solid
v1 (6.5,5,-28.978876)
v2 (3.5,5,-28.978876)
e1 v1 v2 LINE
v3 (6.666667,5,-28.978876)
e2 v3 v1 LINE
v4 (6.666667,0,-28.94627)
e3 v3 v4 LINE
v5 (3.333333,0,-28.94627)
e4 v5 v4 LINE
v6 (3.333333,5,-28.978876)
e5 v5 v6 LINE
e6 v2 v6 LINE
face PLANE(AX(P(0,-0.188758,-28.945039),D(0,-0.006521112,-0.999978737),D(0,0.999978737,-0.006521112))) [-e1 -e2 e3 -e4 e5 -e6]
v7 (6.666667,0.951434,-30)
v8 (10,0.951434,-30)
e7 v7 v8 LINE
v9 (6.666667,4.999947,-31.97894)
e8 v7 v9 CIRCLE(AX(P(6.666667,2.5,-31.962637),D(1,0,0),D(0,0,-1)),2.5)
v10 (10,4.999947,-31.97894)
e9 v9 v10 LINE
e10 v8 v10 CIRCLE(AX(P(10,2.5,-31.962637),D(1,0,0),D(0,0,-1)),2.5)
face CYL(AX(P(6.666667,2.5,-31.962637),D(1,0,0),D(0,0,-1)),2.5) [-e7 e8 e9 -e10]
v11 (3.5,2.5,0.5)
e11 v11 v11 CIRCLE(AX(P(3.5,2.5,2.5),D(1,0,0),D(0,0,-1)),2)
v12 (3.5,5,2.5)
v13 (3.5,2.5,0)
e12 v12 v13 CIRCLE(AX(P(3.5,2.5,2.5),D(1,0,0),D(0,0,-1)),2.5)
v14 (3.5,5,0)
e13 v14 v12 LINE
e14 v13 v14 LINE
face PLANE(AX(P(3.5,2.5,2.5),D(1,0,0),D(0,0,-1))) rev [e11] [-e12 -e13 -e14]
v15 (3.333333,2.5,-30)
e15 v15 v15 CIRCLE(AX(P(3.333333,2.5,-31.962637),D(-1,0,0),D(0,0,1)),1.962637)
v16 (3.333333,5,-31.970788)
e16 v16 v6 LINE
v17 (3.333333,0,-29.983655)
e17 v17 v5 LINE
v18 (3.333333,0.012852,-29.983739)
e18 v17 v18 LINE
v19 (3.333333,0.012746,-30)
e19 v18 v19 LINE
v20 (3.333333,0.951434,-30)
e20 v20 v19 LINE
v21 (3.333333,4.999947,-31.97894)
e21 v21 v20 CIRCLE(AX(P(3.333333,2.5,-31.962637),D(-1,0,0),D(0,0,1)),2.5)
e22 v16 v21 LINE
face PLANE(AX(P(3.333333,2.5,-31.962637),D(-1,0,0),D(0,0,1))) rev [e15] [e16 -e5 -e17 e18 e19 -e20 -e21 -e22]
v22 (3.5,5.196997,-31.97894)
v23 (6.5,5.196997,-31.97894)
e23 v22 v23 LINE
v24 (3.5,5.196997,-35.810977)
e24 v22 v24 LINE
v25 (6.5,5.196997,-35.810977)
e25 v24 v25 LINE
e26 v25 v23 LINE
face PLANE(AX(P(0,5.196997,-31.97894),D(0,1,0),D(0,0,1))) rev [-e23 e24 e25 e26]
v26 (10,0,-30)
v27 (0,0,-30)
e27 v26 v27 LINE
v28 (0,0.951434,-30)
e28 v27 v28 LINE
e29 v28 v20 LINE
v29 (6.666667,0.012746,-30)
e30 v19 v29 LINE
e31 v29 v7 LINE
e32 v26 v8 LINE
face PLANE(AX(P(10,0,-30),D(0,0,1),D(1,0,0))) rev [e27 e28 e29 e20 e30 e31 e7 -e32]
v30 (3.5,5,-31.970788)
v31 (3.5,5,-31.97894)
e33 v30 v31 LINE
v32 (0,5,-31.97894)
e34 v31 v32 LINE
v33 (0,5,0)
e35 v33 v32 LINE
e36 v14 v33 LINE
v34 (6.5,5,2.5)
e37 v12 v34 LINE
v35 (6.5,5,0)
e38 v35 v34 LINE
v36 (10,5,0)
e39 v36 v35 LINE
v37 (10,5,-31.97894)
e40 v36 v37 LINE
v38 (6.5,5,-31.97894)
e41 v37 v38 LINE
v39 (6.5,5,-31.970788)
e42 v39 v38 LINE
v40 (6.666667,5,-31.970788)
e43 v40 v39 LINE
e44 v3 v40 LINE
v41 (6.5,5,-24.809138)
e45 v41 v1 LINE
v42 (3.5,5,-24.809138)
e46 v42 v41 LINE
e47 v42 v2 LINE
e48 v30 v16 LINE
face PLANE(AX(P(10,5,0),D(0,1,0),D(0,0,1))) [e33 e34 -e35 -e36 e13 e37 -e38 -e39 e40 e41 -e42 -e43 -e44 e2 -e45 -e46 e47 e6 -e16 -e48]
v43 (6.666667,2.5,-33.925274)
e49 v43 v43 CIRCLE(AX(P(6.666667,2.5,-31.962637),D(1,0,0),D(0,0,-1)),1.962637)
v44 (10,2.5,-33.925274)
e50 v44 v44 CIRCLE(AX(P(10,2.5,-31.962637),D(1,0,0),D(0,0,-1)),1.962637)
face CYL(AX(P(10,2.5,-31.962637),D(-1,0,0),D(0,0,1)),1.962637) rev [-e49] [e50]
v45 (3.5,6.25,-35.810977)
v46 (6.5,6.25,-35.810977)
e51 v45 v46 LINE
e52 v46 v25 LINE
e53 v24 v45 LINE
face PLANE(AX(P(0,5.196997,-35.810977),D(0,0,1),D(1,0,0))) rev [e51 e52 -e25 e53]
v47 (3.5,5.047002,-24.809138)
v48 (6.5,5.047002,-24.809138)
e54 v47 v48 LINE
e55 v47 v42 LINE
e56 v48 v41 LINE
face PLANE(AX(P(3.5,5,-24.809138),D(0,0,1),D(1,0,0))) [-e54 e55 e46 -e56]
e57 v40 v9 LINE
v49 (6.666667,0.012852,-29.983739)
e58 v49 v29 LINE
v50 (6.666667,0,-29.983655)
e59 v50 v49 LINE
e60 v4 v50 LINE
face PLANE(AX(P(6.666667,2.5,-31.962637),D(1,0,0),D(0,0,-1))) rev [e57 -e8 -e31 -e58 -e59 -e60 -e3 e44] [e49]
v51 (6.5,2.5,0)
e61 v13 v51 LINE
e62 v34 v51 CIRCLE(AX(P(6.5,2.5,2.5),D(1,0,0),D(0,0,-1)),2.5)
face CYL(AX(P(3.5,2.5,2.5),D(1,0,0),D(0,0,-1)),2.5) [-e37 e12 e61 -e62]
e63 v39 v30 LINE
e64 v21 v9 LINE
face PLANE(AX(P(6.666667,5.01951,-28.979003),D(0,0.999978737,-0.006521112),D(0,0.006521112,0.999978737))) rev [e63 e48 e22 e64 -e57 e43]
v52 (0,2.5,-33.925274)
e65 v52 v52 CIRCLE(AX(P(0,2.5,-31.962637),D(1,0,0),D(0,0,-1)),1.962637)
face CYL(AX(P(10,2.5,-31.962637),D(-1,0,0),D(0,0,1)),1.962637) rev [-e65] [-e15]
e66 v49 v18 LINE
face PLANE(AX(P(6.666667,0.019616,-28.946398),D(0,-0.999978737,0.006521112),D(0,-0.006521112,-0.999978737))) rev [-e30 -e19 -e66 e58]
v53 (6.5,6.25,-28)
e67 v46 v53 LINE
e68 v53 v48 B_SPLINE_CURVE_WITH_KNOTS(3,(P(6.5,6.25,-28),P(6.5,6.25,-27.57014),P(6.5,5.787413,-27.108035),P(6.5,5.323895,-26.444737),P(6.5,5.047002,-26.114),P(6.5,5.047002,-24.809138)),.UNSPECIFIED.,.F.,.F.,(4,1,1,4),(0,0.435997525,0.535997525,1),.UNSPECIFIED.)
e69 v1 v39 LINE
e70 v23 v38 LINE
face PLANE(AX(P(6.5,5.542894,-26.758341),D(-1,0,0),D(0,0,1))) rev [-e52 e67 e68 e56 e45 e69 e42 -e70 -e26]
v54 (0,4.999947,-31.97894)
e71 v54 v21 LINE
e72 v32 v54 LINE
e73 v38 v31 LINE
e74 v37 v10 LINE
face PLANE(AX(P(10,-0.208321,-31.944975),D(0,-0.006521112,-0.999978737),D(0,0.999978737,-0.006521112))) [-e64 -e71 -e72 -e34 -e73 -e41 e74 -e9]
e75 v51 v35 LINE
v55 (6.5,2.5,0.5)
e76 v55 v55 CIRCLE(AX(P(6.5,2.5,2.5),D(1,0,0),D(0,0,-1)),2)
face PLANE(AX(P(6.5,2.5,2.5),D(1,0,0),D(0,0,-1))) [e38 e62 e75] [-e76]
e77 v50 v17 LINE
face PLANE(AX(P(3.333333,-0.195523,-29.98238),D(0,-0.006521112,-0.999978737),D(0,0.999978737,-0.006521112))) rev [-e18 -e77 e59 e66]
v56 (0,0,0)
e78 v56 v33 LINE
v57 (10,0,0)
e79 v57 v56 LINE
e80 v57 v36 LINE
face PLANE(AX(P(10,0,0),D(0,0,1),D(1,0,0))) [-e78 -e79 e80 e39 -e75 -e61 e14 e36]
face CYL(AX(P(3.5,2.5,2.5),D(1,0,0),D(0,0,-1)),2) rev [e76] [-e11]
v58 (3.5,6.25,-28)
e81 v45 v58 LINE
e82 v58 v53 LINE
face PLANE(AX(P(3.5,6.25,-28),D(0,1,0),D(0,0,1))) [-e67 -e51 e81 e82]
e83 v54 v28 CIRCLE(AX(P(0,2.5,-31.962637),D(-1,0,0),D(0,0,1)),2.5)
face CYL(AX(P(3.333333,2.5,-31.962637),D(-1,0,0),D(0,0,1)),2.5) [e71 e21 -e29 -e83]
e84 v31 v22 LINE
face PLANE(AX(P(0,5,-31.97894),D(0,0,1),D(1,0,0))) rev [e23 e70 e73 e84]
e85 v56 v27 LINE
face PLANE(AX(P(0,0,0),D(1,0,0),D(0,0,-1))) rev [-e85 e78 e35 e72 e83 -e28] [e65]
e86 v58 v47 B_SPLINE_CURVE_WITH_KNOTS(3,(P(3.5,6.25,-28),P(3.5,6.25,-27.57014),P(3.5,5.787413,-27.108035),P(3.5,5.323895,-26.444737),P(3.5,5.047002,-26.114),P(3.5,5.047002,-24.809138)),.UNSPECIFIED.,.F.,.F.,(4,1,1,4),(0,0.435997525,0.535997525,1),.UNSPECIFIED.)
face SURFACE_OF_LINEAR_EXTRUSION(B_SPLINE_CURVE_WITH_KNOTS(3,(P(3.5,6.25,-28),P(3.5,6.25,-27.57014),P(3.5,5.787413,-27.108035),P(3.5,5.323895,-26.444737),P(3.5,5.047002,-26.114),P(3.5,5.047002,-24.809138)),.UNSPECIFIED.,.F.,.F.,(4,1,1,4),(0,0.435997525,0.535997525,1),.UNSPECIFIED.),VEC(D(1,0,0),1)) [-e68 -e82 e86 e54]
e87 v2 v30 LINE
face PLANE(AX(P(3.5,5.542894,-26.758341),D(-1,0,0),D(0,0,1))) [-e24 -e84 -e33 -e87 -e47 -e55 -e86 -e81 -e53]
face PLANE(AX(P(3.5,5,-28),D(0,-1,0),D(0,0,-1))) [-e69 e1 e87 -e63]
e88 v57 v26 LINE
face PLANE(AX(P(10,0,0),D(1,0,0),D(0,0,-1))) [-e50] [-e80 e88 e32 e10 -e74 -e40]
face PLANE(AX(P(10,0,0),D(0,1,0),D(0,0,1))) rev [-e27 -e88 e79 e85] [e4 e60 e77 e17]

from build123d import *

# Parameters (mm, degrees)
BOSS_EXTRUDE1_DEPTH      = 10
SKETCH4_R                = 1.962636903
CUT_EXTRUDE2_DEPTH       = 10
SKETCH6_R                = 2.5
SKETCH6_R_2              = 1.962636903
BOSS_EXTRUDE2_DEPTH      = 3.333333333
BOSS_EXTRUDE3_START      = -3.333333333
SKETCH7_R                = 2.5
SKETCH7_R_2              = 1.962636903
BOSS_EXTRUDE3_DEPTH      = 3.333333333
SKETCH9_W                = 3.333333334
SKETCH9_H                = 5
CUT_EXTRUDE7_DEPTH       = 3
SKETCH10_W               = 3.333333334
SKETCH10_H               = 1.037363097
CUT_EXTRUDE8_DEPTH       = 37.201372358
BOSS_EXTRUDE4_DEPTH      = 1.5
BOSS_EXTRUDE4_DEPTH_BACK = 1.5
SKETCH12_R               = 2
BOSS_EXTRUDE9_DEPTH      = 1.5
BOSS_EXTRUDE9_DEPTH_BACK = 1.5
CUT_EXTRUDE9_DEPTH       = 40.05524944


with BuildPart() as part:
    # Sketch3 → Boss-Extrude1 (new body)
    with BuildSketch(Plane(origin=(0, 0, 0), x_dir=(0, 0, -1), z_dir=(1, 0, 0))):
        Polygon((0, 5), (0, 0), (30, 0), (30, 2.5), (31.962636903, 2.5), (31.97894003, 5), (30, 5), align=None)
    extrude(amount=BOSS_EXTRUDE1_DEPTH)

    # Sketch4 → Cut-Extrude2 (cut)
    with BuildSketch(Plane(origin=(0, 0, 0), x_dir=(0, 0, -1), z_dir=(1, 0, 0))):
        with Locations((31.962636903, 2.5)):
            Circle(SKETCH4_R)
    extrude(amount=CUT_EXTRUDE2_DEPTH, mode=Mode.SUBTRACT)

    # Sketch6 → Boss-Extrude2 (add)
    with BuildSketch(Plane.ZY):
        with Locations((-31.962636903, 2.5)):
            Circle(SKETCH6_R)
        with Locations((-31.962636903, 2.5)):
            Circle(SKETCH6_R_2, mode=Mode.SUBTRACT)
    extrude(amount=-BOSS_EXTRUDE2_DEPTH)

    # Sketch7 → Boss-Extrude3 (add)
    with BuildSketch(Plane(origin=(10, 0, 0), x_dir=(0, 0, -1), z_dir=(1, 0, 0)).offset(BOSS_EXTRUDE3_START)):
        with Locations((31.962636903, 2.5)):
            Circle(SKETCH7_R)
        with Locations((31.962636903, 2.5)):
            Circle(SKETCH7_R_2, mode=Mode.SUBTRACT)
    extrude(amount=BOSS_EXTRUDE3_DEPTH)

    # Sketch9 → Cut-Extrude7 (cut)
    with BuildSketch(Plane(origin=(0, -0.208321197, -31.944975261), x_dir=(-1, 0, 0), z_dir=(0, -0.006521112201233067, -0.9999787373217788))):
        with Locations((-5, 2.708378785)):
            Rectangle(SKETCH9_W, SKETCH9_H)
    extrude(amount=-CUT_EXTRUDE7_DEPTH, mode=Mode.SUBTRACT)

    # Sketch10 → Cut-Extrude8 (cut, through all)
    with BuildSketch(Plane(origin=(0, 0.208374354, -0.001358861), x_dir=(1, 0, 0), z_dir=(0, 0.9999787373217788, -0.00652111220123307))):
        with Locations((5, 29.464336059)):
            Rectangle(SKETCH10_W, SKETCH10_H)
    extrude(amount=-CUT_EXTRUDE8_DEPTH, mode=Mode.SUBTRACT)

    # Sketch12 → Boss-Extrude4 (add, two sides: drawn at the far end of the back side and taken through both)
    with BuildSketch(Plane(origin=(5, 0, 0), x_dir=(0, 0, -1), z_dir=(1, 0, 0)).offset(-BOSS_EXTRUDE4_DEPTH_BACK)):
        with BuildLine():
            Line((-2.5, 5), (0, 5))
            Line((0, 5), (0, 2.5))
            ThreePointArc((0, 2.5), (-4.267766953, 0.732233047), (-2.5, 5))
        make_face()
        with Locations((-2.5, 2.5)):
            Circle(SKETCH12_R, mode=Mode.SUBTRACT)
    extrude(amount=BOSS_EXTRUDE4_DEPTH + BOSS_EXTRUDE4_DEPTH_BACK)

    # Sketch13 → Boss-Extrude9 (add, two sides: drawn at the far end of the back side and taken through both)
    with BuildSketch(Plane(origin=(5, 0, 0), x_dir=(0, 0, -1), z_dir=(1, 0, 0)).offset(-BOSS_EXTRUDE9_DEPTH_BACK)):
        with BuildLine():
            Line((24.809137755, 5), (28, 5))
            Line((28, 5), (38, 5))
            Line((38, 5), (38, 6.25))
            Line((38, 6.25), (28, 6.25))
            add(Edge.make_bspline(
                [(28, 6.25), (27.570139782, 6.25), (27.108034748, 5.787413316), (26.444737385, 5.323894947), (26.11400028, 5.04700236), (24.809137755, 5.04700236)],
                knots=[0, 0, 0, 0, 0.435997525, 0.535997525, 1, 1, 1, 1], degree=3))
            Line((24.809137755, 5.04700236), (24.809137755, 5))
        make_face()
    extrude(amount=BOSS_EXTRUDE9_DEPTH + BOSS_EXTRUDE9_DEPTH_BACK)

    # Sketch14 → Cut-Extrude9 (cut, through all)
    with BuildSketch(Plane(origin=(6.5, 0, 0), x_dir=(0, 0, -1), z_dir=(1, 0, 0))):
        Polygon((31.97894003, 5), (31.97894003, 5.19699687), (35.810977428, 5.19699687), (35.810977428, 6.25), (38, 6.25), (38, 5.19699687), (38, 5), align=None)
    extrude(amount=-CUT_EXTRUDE9_DEPTH, mode=Mode.SUBTRACT)


solid = part.part
